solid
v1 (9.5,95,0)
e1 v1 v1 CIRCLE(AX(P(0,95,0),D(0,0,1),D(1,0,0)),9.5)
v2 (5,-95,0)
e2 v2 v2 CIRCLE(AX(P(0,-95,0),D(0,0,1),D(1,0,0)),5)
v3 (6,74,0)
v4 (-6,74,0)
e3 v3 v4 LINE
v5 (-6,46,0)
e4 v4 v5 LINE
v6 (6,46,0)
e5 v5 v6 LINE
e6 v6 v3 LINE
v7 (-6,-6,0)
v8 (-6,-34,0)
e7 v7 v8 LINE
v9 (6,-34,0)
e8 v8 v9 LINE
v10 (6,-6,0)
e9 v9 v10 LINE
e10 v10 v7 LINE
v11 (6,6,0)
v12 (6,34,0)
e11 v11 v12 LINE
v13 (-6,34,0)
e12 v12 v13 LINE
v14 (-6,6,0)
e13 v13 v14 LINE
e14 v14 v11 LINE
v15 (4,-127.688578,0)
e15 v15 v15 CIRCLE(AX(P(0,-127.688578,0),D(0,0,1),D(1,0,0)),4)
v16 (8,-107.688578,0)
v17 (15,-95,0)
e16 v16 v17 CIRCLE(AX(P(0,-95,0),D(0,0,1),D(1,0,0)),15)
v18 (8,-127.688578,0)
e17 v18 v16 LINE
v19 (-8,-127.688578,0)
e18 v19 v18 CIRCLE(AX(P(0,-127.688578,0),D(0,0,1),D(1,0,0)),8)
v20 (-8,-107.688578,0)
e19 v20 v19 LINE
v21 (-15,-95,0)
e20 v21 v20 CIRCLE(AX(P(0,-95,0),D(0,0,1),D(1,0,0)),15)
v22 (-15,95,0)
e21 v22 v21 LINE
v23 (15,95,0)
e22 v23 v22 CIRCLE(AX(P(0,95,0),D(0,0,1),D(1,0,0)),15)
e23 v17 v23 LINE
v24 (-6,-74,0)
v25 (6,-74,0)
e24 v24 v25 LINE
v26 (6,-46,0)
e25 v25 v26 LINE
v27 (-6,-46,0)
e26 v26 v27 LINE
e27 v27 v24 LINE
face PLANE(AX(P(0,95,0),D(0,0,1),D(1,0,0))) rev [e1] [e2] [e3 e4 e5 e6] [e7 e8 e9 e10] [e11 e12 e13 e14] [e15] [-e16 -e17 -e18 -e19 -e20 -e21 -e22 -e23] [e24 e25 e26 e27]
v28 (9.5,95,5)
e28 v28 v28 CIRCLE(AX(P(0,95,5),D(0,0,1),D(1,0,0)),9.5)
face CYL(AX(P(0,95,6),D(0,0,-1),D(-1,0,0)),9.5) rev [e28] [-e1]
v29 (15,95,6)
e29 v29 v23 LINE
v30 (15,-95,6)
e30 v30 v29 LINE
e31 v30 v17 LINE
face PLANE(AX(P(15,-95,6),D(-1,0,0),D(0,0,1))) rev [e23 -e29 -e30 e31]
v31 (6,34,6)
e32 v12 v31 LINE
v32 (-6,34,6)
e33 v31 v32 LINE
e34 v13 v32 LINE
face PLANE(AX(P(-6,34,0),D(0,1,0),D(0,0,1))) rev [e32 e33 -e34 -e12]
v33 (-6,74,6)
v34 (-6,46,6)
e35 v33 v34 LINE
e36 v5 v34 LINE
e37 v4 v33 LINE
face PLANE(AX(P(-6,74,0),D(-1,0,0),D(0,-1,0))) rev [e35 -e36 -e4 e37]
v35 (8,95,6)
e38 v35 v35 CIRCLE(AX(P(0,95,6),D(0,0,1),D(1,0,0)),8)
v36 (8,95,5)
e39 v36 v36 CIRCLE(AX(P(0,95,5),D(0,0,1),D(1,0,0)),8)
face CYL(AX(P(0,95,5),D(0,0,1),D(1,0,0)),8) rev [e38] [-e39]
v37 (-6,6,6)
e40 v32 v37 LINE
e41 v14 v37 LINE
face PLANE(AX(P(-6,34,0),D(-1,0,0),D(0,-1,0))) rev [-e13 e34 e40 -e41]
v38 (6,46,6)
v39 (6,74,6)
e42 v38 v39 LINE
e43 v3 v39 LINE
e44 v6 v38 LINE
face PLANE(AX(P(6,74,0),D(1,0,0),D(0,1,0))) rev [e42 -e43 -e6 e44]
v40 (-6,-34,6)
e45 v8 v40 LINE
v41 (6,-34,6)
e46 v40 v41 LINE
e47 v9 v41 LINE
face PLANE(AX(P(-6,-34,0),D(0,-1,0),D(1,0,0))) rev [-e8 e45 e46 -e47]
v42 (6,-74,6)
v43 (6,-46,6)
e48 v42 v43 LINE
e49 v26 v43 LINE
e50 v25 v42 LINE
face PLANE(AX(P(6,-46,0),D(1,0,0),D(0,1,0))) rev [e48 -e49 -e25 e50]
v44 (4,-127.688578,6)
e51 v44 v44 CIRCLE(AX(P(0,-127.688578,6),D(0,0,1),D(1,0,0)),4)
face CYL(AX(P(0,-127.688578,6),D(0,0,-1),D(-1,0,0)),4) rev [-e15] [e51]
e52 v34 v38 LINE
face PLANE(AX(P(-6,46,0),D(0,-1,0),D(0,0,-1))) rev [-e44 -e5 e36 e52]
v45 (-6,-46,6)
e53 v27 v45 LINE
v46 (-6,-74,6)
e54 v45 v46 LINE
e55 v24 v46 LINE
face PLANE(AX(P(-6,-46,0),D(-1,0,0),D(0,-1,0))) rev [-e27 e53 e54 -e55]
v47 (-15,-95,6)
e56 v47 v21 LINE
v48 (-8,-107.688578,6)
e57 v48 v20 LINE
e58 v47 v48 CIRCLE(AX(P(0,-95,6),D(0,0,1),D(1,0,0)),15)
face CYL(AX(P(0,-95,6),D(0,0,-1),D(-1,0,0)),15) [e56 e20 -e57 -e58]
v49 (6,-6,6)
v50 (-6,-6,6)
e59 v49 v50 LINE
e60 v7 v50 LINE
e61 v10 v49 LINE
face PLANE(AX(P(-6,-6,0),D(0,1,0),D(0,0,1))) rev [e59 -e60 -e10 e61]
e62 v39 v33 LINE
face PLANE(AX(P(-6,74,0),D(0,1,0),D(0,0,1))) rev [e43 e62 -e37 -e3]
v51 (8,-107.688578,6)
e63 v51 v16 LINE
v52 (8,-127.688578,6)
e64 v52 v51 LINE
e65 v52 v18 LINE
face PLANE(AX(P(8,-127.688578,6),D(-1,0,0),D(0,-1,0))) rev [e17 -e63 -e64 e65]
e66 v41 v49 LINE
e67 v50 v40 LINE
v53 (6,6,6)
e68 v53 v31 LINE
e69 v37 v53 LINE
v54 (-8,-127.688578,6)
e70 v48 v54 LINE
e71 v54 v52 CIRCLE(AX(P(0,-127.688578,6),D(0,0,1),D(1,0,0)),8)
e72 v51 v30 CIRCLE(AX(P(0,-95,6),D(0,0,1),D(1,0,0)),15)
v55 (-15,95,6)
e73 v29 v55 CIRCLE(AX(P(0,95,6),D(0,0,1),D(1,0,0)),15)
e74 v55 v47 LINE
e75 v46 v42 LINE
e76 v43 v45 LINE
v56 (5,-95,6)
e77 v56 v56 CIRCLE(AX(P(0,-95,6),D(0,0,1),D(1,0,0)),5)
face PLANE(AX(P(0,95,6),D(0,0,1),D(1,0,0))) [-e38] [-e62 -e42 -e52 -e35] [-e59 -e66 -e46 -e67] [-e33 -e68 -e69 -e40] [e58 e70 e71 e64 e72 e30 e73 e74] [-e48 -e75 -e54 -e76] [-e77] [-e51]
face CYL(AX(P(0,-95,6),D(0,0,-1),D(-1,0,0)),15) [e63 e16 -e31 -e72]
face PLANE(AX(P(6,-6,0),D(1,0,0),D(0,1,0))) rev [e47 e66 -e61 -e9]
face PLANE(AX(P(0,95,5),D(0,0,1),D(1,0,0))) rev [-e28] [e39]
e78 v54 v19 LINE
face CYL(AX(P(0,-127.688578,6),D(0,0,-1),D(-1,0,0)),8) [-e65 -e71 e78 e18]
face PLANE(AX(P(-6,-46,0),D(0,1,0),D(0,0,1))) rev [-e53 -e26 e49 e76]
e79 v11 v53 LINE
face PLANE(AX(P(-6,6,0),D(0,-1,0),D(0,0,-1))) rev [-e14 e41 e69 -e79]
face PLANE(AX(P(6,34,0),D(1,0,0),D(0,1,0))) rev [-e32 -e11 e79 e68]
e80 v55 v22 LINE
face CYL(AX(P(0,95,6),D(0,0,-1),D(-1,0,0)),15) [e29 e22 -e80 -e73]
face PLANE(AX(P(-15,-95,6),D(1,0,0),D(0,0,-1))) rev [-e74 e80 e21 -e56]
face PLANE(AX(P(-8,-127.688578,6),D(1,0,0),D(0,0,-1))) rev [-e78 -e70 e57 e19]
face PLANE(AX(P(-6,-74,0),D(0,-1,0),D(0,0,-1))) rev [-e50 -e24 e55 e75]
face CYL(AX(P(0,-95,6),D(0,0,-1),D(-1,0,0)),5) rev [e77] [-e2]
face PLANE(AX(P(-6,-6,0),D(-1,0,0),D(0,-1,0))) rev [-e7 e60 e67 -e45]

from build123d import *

# Parameters (mm, degrees)
SKETCH_1_R          = 9.5
SKETCH_1_R_2        = 5
SKETCH_1_R_3        = 4
EXTRUDE_2_DEPTH     = 6
SKETCH_2_W          = 12
SKETCH_2_H          = 28
CUT_EXTRUDE_1_DEPTH = 6
EXTRUDE_START       = -1
SKETCH_4_R          = 9.5
SKETCH_4_R_2        = 8
EXTRUDE_4_DEPTH     = 1


with BuildPart() as part:
    # 草图1 → 凸台-拉伸2 (new body)
    with BuildSketch(Plane.XY):
        with BuildLine():
            Line((-8, -127.68857754), (-8, -107.68857754))
            ThreePointArc((-8, -107.68857754), (-13.133925537, -102.245688373), (-15, -95))
            Line((-15, -95), (-15, 95))
            ThreePointArc((-15, 95), (0, 110), (15, 95))
            Line((15, 95), (15, -95))
            ThreePointArc((15, -95), (13.133925537, -102.245688373), (8, -107.68857754))
            Line((8, -107.68857754), (8, -127.68857754))
            ThreePointArc((8, -127.68857754), (0, -135.68857754), (-8, -127.68857754))
        make_face()
        with Locations((0, 95)):
            Circle(SKETCH_1_R, mode=Mode.SUBTRACT)
        with Locations((0, -95)):
            Circle(SKETCH_1_R_2, mode=Mode.SUBTRACT)
        with Locations((0, -127.68857754)):
            Circle(SKETCH_1_R_3, mode=Mode.SUBTRACT)
    extrude(amount=EXTRUDE_2_DEPTH)

    # 草图2 → 切除-拉伸1 (cut)
    with BuildSketch(Plane.XY.offset(6)):
        with Locations((0, 60)):
            Rectangle(SKETCH_2_W, SKETCH_2_H)
        with Locations((0, 20)):
            Rectangle(SKETCH_2_W, SKETCH_2_H)
        with Locations((0, -20)):
            Rectangle(SKETCH_2_W, SKETCH_2_H)
        with Locations((0, -60)):
            Rectangle(SKETCH_2_W, SKETCH_2_H)
    extrude(amount=-CUT_EXTRUDE_1_DEPTH, mode=Mode.SUBTRACT)

    # 草图4 → 凸台-拉伸4 (add)
    with BuildSketch(Plane.XY.offset(6).offset(EXTRUDE_START)):
        with Locations((0, 95)):
            Circle(SKETCH_4_R)
        with Locations((0, 95)):
            Circle(SKETCH_4_R_2, mode=Mode.SUBTRACT)
    extrude(amount=EXTRUDE_4_DEPTH)


solid = part.part
